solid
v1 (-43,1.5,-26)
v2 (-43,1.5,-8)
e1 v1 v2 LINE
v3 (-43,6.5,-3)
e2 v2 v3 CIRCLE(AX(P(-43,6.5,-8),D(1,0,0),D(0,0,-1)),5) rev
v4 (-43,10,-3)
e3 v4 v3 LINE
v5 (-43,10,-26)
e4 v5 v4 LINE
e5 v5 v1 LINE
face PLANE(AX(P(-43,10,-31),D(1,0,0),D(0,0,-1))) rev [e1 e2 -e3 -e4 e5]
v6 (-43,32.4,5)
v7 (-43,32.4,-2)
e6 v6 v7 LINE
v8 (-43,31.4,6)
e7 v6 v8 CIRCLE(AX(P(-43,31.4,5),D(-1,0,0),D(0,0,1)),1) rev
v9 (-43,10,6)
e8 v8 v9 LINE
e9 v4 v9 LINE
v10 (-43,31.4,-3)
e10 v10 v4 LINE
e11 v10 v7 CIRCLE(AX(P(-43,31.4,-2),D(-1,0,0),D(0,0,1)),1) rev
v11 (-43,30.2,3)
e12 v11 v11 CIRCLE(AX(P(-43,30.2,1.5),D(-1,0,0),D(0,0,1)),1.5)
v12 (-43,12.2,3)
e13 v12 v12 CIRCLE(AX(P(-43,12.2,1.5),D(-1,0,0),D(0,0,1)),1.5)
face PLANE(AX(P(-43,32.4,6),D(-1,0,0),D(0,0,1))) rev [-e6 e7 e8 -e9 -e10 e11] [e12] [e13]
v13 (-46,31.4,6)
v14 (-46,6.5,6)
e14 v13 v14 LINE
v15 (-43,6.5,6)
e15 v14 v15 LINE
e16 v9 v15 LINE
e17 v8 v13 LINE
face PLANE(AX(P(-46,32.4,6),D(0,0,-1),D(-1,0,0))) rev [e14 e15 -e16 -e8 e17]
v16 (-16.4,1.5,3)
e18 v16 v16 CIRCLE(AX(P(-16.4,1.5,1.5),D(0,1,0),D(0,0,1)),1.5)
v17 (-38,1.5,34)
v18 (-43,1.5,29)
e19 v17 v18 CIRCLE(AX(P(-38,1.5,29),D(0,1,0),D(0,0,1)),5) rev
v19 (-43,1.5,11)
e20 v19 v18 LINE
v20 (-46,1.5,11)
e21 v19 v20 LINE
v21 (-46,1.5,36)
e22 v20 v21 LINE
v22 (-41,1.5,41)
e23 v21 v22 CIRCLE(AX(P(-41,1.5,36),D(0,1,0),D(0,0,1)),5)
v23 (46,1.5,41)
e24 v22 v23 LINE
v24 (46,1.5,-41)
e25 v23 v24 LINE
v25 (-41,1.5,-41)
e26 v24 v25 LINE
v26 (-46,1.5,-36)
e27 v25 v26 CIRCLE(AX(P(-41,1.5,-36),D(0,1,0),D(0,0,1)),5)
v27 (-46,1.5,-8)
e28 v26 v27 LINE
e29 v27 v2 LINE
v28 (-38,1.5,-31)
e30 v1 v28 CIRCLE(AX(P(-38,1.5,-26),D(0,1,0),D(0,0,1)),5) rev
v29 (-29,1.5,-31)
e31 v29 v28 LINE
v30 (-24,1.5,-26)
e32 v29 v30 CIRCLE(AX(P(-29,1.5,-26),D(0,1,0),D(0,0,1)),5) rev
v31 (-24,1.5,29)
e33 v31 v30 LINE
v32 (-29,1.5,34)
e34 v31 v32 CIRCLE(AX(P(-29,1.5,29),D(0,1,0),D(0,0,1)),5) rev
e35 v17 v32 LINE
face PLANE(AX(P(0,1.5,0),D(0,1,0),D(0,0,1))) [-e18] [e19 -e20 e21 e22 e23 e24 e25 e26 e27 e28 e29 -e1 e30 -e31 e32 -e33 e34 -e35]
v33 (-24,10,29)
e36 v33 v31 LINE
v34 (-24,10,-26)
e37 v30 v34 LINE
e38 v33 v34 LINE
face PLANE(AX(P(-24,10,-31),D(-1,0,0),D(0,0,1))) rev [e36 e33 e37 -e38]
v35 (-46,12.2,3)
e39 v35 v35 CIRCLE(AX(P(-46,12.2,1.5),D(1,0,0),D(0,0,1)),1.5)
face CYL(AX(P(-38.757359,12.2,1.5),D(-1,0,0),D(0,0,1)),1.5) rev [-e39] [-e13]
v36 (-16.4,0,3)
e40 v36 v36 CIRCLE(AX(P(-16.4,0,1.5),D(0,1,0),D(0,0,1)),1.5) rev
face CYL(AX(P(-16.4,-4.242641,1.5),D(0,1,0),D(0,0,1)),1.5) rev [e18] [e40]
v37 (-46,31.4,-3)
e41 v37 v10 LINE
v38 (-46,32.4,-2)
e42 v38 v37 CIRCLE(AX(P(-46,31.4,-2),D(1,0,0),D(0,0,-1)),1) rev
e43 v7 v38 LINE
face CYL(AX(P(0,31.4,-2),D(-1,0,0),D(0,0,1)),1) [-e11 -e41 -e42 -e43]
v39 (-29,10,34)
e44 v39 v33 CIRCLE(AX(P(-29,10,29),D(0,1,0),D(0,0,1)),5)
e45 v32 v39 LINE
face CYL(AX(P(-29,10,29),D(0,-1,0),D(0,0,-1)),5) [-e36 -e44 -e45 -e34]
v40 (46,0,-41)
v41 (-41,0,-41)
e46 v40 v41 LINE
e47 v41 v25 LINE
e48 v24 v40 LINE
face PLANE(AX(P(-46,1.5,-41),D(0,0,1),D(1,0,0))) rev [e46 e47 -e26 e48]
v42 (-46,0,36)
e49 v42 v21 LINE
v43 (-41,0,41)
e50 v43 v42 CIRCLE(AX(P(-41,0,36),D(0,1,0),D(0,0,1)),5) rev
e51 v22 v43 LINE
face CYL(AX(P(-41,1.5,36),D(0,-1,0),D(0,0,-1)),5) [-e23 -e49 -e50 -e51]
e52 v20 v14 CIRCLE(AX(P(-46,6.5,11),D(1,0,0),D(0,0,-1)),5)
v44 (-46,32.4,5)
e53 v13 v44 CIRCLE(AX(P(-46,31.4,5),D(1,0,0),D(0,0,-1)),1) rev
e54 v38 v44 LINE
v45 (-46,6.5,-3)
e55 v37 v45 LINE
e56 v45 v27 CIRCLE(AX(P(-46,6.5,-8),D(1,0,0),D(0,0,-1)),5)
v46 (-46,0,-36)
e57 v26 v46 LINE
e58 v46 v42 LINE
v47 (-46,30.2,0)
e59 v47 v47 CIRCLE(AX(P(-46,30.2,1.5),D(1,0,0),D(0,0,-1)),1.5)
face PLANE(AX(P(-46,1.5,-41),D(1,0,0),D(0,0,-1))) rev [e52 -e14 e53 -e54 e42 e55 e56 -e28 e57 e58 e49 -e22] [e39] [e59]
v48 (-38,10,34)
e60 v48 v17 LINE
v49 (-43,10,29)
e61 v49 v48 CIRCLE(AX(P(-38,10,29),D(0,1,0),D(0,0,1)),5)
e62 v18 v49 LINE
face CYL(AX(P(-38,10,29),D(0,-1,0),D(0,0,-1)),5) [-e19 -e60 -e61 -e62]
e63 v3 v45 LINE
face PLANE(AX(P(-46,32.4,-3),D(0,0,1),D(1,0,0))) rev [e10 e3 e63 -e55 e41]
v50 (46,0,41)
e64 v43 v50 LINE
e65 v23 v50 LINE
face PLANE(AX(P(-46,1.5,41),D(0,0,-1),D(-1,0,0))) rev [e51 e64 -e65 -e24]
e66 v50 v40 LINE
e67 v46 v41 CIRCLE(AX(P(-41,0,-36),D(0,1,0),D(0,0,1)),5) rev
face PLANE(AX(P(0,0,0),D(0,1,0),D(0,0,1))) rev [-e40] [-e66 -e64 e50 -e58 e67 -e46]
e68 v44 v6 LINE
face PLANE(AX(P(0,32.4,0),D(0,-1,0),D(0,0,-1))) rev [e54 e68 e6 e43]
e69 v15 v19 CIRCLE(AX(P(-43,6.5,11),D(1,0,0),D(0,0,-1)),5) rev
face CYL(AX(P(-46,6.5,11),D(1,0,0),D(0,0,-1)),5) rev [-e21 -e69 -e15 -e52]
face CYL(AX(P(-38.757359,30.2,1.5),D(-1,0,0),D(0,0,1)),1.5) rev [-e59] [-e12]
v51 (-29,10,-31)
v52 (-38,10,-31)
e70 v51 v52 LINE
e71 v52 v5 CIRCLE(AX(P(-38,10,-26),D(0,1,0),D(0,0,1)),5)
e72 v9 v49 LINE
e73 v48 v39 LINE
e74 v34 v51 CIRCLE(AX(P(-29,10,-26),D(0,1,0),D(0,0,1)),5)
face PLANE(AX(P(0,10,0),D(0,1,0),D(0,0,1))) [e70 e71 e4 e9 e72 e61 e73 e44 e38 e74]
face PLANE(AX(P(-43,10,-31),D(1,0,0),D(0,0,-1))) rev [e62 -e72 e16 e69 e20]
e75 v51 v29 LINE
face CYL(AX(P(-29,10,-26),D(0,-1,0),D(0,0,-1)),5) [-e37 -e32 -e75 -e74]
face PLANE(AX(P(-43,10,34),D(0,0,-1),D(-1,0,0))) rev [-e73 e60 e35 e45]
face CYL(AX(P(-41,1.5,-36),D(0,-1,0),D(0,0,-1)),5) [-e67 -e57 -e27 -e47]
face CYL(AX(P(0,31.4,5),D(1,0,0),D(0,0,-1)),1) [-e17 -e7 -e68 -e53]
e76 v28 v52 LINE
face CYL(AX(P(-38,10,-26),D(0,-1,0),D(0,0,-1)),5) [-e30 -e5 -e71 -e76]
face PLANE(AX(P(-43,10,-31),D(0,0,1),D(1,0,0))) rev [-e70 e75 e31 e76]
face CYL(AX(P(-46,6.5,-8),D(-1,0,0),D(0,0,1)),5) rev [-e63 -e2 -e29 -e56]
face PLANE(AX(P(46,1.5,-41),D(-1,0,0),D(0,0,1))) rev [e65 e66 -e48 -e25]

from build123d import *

# Parameters (mm, degrees)
ESBO_O1_W                = 92
ESBO_O1_H                = 82
RESSALTO_EXTRUS_O1_DEPTH = 1.5
ESBO_O2_W                = 19
ESBO_O2_H                = 65
RESSALTO_EXTRUS_O2_DEPTH = 8.5
ESBO_O3_W                = 3
ESBO_O3_H                = 9
RESSALTO_EXTRUS_O3_DEPTH = 30.9
ESBO_O4_R                = 1.5
CORTE_EXTRUS_O1_DEPTH    = 3
ESBO_O5_R                = 1.5
CORTE_EXTRUS_O2_DEPTH    = 1.5
FILETE1_R                = 5
FILETE2_R                = 1


with BuildPart() as part:
    # Esboço1 → Ressalto-extrusão1 (new body)
    with BuildSketch(Plane(origin=(0, 0, 0), x_dir=(1, 0, 0), z_dir=(0, 1, 0))):
        Rectangle(ESBO_O1_W, ESBO_O1_H)
    extrude(amount=RESSALTO_EXTRUS_O1_DEPTH)

    # Esboço2 → Ressalto-extrusão2 (add)
    with BuildSketch(Plane(origin=(0, 1.5, 0), x_dir=(1, 0, 0), z_dir=(0, 1, 0))):
        with Locations((-33.5, -1.5)):
            Rectangle(ESBO_O2_W, ESBO_O2_H)
    extrude(amount=RESSALTO_EXTRUS_O2_DEPTH)

    # Esboço3 → Ressalto-extrusão3 (add)
    with BuildSketch(Plane(origin=(0, 1.5, 0), x_dir=(1, 0, 0), z_dir=(0, 1, 0))):
        with Locations((-44.5, -1.5)):
            Rectangle(ESBO_O3_W, ESBO_O3_H)
    extrude(amount=RESSALTO_EXTRUS_O3_DEPTH)

    # Esboço4 → Corte-extrusão1 (cut)
    with BuildSketch(Plane(origin=(-46, 0, 0), x_dir=(0, 0, -1), z_dir=(1, 0, 0))):
        with Locations(Location((-1.5, 30.2, 0), (0, 0, 180))):
            Circle(ESBO_O4_R)
        with Locations(Location((-1.5, 12.2, 0), (0, 0, 180))):
            Circle(ESBO_O4_R)
    extrude(amount=CORTE_EXTRUS_O1_DEPTH, mode=Mode.SUBTRACT)

    # Esboço5 → Corte-extrusão2 (cut)
    with BuildSketch(Plane(origin=(0, 1.5, 0), x_dir=(1, 0, 0), z_dir=(0, 1, 0))):
        with Locations(Location((-16.4, -1.5, 0), (0, 0, 270))):
            Circle(ESBO_O5_R)
    extrude(amount=-CORTE_EXTRUS_O2_DEPTH, mode=Mode.SUBTRACT)

    # Filete1
    filete1_edges = [part.edges().sort_by_distance(p)[0] for p in [
        (-43, 5.75, -31),
        (-43, 5.75, 34),
        (-24, 5.75, 34),
        (-24, 5.75, -31),
        (-44.5, 1.5, 6),
        (-44.5, 1.5, -3),
        (-46, 0.75, 41),
        (-46, 0.75, -41),
    ]]
    fillet(filete1_edges, radius=FILETE1_R)

    # Filete2
    filete2_edges = [part.edges().sort_by_distance(p)[0] for p in [
        (-44.5, 32.4, 6),
        (-44.5, 32.4, -3),
    ]]
    fillet(filete2_edges, radius=FILETE2_R)


solid = part.part
